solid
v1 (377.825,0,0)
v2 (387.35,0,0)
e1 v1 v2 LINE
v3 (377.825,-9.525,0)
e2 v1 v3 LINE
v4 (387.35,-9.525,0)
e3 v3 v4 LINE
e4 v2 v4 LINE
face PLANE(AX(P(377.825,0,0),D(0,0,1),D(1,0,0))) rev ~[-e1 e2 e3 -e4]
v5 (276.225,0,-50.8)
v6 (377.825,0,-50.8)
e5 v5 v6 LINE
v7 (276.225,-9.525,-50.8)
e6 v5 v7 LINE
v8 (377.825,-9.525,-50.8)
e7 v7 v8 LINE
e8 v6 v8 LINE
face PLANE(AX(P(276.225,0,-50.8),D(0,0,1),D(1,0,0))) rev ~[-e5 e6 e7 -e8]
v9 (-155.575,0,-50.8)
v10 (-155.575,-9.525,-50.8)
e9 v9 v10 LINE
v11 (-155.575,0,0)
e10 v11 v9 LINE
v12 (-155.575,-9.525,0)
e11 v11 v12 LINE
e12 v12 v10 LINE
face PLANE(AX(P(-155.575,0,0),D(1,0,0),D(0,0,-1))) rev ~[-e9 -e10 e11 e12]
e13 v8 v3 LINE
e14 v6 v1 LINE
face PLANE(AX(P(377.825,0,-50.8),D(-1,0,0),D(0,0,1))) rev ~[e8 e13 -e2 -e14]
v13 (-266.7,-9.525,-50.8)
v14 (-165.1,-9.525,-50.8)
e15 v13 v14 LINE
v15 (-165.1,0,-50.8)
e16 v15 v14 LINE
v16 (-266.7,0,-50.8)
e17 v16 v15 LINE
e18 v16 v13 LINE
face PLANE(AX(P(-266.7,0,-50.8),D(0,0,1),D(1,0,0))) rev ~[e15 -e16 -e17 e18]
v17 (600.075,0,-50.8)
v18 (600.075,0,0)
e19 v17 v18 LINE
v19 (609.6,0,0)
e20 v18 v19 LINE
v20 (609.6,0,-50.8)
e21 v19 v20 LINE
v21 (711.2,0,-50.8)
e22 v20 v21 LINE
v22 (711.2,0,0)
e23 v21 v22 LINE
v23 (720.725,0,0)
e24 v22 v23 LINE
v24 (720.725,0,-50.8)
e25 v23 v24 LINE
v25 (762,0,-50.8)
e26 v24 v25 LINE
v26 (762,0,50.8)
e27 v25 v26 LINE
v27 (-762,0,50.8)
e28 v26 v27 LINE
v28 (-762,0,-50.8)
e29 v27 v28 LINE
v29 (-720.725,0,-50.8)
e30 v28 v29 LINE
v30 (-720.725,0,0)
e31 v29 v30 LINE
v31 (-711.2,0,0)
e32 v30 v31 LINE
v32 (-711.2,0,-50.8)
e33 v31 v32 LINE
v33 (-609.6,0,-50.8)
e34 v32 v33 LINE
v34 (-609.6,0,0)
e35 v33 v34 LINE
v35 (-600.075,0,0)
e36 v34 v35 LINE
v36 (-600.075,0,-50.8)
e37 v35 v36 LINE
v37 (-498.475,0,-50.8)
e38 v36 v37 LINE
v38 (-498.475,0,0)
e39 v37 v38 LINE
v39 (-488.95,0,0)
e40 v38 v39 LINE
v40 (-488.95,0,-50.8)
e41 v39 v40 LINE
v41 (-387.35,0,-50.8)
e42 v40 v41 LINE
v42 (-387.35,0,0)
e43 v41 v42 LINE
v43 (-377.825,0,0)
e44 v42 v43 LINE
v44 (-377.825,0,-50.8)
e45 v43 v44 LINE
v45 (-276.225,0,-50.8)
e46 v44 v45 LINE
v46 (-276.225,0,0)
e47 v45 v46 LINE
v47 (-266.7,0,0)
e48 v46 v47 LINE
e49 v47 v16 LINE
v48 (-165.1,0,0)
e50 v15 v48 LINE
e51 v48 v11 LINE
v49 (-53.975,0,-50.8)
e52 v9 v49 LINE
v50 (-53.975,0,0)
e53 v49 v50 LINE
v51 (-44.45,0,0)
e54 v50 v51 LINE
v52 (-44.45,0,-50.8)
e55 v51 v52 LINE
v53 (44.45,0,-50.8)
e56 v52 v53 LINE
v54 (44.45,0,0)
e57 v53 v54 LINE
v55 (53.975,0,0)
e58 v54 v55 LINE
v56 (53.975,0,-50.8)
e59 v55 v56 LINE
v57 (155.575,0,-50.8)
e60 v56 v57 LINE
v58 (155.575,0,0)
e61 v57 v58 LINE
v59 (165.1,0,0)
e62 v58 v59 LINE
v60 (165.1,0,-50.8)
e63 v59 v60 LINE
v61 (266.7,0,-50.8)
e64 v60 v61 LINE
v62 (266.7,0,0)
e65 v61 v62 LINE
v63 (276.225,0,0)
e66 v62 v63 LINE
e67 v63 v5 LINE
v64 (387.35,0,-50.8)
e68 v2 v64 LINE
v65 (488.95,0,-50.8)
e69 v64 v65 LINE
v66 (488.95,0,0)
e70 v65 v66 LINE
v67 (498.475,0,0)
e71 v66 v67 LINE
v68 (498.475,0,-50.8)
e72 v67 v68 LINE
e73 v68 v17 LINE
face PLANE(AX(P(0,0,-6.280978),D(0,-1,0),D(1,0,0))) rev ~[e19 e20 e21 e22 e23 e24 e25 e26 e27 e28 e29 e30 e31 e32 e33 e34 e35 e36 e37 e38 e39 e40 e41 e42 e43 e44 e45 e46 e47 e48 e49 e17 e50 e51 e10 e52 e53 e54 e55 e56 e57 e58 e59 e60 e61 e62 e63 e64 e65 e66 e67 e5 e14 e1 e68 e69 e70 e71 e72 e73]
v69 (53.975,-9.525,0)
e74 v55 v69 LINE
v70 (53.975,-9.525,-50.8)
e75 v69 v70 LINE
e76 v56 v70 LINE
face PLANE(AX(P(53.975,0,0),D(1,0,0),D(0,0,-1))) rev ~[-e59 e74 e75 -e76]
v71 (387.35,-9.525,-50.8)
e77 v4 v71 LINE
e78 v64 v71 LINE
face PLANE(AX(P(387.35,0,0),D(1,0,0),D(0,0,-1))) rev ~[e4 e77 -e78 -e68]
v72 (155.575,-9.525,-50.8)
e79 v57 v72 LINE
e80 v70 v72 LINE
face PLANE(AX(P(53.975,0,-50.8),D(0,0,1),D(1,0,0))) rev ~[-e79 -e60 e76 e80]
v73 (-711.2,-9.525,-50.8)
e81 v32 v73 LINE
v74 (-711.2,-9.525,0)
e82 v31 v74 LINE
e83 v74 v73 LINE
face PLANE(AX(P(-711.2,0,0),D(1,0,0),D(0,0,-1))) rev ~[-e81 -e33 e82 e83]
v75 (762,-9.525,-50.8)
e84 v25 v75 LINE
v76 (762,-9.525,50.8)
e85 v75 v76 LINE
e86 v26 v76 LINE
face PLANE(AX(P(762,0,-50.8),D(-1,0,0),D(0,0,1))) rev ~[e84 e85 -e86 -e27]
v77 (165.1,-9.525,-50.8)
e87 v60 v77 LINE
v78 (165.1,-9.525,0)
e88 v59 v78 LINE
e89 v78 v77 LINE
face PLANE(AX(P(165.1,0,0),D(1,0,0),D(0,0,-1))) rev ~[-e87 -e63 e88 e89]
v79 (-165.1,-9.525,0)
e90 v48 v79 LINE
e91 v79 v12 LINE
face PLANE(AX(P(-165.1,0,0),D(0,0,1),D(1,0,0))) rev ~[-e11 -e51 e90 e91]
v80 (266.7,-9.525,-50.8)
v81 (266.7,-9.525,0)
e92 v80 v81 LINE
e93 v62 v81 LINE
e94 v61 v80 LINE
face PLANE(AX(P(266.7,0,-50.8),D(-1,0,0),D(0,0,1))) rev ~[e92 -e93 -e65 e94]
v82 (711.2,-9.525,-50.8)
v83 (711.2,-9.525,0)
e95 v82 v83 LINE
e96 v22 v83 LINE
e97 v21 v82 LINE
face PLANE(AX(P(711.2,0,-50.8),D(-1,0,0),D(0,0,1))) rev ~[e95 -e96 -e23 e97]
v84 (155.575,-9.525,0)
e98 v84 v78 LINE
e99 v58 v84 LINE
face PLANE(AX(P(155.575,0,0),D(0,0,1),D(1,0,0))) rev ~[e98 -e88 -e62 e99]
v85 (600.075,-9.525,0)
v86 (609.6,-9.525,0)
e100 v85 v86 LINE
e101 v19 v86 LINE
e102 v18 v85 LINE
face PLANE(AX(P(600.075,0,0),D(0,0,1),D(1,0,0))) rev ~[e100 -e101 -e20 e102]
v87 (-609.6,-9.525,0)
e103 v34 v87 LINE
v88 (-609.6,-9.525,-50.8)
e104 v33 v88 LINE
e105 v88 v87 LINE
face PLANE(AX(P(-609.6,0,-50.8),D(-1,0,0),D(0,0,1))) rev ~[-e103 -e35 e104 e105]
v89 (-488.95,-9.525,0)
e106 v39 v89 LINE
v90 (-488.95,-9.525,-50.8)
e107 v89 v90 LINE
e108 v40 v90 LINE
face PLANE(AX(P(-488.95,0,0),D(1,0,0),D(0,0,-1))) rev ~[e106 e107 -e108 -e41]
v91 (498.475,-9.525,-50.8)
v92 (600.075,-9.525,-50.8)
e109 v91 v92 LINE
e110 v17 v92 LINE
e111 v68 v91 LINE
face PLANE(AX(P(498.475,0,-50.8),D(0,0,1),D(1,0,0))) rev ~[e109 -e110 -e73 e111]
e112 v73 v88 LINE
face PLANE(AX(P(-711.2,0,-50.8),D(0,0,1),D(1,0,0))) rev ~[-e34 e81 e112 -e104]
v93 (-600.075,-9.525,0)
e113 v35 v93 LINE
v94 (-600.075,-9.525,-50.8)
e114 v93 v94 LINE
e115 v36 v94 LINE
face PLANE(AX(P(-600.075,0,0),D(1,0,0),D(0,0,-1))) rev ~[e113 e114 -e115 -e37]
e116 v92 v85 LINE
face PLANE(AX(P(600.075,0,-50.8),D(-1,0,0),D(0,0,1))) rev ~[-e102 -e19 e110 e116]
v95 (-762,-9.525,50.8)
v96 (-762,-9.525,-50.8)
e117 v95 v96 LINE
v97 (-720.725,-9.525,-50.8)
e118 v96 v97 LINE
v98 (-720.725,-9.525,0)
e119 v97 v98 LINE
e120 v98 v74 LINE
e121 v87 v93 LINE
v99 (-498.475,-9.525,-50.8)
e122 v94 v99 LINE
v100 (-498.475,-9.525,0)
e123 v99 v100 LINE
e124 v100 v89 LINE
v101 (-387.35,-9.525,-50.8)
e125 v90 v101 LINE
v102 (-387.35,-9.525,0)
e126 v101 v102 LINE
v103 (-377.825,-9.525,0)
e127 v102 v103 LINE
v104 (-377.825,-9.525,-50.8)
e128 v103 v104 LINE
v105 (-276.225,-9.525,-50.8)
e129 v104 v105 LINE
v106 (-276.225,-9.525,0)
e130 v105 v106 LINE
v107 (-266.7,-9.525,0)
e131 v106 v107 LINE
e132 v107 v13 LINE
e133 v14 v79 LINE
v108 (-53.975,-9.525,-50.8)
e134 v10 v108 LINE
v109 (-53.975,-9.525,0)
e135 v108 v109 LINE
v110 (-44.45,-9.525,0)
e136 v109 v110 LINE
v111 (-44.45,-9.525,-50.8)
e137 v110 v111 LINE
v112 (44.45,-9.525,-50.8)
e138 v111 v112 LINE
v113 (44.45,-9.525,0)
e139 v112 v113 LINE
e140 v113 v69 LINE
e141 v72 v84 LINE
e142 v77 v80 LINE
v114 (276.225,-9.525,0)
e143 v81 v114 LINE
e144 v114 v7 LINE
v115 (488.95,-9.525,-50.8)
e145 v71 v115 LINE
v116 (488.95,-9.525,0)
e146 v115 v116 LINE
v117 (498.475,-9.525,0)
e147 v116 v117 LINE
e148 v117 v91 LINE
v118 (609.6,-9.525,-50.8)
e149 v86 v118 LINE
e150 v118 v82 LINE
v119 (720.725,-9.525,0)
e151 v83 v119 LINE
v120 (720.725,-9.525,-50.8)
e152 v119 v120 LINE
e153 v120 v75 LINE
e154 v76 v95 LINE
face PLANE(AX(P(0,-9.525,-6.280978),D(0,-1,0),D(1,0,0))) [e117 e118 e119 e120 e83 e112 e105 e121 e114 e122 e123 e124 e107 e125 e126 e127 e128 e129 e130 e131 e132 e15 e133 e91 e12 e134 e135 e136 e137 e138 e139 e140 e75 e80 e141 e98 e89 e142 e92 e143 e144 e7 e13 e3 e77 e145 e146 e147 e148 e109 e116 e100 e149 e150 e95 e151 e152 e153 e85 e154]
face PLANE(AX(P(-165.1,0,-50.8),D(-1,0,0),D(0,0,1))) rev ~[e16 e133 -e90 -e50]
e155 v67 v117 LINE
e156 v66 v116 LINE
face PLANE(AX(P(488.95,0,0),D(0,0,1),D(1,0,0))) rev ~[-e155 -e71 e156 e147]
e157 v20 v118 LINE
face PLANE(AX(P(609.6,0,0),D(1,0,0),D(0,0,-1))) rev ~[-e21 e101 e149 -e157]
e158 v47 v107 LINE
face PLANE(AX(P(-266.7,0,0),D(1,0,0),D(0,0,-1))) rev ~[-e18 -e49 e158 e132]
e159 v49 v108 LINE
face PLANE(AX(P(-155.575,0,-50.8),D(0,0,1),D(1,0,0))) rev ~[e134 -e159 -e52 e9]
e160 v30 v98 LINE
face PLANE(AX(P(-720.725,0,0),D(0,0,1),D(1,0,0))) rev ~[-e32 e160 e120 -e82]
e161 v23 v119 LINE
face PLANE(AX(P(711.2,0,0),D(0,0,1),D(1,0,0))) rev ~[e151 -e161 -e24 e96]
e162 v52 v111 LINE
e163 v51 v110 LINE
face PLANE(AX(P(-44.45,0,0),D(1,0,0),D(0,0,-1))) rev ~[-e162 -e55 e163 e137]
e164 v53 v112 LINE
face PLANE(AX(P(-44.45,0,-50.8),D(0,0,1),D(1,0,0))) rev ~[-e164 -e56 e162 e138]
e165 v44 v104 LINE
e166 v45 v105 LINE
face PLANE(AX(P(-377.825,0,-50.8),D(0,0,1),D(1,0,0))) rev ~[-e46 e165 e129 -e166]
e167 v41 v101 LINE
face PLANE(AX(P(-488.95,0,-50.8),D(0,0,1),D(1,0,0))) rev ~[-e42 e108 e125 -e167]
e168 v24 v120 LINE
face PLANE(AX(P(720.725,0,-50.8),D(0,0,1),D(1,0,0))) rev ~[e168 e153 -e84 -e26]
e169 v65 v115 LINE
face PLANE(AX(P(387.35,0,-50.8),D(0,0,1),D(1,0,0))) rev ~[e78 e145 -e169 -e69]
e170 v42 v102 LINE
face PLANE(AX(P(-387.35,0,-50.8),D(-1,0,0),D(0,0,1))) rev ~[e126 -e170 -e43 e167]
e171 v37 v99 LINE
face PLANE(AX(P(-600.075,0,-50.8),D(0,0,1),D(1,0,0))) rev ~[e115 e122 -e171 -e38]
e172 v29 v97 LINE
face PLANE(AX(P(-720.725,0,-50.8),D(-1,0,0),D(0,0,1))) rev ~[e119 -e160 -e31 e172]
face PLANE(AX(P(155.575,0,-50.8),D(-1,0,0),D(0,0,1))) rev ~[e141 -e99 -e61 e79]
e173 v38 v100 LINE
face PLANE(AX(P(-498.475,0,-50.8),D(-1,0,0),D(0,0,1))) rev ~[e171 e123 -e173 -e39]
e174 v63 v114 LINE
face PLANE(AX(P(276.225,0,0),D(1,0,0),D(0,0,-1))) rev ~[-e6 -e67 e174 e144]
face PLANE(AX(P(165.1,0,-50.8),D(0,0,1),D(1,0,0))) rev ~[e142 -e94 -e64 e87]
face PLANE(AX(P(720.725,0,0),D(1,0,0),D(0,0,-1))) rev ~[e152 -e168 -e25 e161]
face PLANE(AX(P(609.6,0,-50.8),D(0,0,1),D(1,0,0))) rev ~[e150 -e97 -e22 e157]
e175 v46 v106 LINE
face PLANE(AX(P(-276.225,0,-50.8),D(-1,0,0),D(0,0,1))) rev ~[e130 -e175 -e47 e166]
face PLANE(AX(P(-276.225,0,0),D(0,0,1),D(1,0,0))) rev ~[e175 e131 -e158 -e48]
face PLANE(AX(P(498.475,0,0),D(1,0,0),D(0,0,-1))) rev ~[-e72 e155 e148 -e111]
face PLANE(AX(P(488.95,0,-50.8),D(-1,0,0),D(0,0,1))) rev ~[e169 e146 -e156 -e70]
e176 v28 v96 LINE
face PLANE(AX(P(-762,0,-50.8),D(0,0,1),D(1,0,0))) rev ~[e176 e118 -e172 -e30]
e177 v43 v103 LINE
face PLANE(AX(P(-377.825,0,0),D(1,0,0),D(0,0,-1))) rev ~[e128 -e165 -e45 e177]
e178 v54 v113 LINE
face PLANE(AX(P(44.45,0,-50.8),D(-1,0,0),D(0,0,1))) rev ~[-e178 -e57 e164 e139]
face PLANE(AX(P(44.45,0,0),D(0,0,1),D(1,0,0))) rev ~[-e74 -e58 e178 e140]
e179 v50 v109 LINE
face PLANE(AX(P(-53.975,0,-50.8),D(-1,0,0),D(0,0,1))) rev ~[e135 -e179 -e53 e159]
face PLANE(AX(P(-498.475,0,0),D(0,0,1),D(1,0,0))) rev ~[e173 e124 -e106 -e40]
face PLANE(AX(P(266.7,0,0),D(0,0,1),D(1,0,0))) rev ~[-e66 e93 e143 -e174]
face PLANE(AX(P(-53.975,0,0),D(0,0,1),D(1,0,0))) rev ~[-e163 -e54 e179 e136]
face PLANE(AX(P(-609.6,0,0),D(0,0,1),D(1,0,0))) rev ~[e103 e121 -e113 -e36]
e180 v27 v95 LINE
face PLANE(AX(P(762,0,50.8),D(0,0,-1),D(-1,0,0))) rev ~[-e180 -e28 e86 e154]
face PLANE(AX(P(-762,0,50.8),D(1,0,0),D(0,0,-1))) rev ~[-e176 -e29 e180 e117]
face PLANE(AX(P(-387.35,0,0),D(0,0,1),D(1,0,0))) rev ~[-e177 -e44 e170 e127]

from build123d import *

# Parameters (mm, degrees)
F2_DEPTH = 9.525


with BuildPart() as f2:
    # F1 (on Front) → F2 (new body)
    with BuildSketch(Plane.XZ):
        Polygon((-762, 50.8), (-762, -50.8), (-720.725, -50.8), (-720.725, 0), (-711.2, 0), (-711.2, -50.8), (-609.6, -50.8), (-609.6, 0), (-600.075, 0), (-600.075, -50.8), (-498.475, -50.8), (-498.475, 0), (-488.95, 0), (-488.95, -50.8), (-387.35, -50.8), (-387.35, 0), (-377.825, 0), (-377.825, -50.8), (-276.225, -50.8), (-276.225, 0), (-266.7, 0), (-266.7, -50.8), (-165.1, -50.8), (-165.1, 0), (-155.575, 0), (-155.575, -50.8), (-53.975, -50.8), (-53.975, 0), (-44.45, 0), (-44.45, -50.8), (44.45, -50.8), (44.45, 0), (53.975, 0), (53.975, -50.8), (155.575, -50.8), (155.575, 0), (165.1, 0), (165.1, -50.8), (266.7, -50.8), (266.7, 0), (276.225, 0), (276.225, -50.8), (377.825, -50.8), (377.825, 0), (387.35, 0), (387.35, -50.8), (488.95, -50.8), (488.95, 0), (498.475, 0), (498.475, -50.8), (600.075, -50.8), (600.075, 0), (609.6, 0), (609.6, -50.8), (711.2, -50.8), (711.2, 0), (720.725, 0), (720.725, -50.8), (762, -50.8), (762, 50.8), align=None)
    extrude(amount=F2_DEPTH)


solid = f2.part
